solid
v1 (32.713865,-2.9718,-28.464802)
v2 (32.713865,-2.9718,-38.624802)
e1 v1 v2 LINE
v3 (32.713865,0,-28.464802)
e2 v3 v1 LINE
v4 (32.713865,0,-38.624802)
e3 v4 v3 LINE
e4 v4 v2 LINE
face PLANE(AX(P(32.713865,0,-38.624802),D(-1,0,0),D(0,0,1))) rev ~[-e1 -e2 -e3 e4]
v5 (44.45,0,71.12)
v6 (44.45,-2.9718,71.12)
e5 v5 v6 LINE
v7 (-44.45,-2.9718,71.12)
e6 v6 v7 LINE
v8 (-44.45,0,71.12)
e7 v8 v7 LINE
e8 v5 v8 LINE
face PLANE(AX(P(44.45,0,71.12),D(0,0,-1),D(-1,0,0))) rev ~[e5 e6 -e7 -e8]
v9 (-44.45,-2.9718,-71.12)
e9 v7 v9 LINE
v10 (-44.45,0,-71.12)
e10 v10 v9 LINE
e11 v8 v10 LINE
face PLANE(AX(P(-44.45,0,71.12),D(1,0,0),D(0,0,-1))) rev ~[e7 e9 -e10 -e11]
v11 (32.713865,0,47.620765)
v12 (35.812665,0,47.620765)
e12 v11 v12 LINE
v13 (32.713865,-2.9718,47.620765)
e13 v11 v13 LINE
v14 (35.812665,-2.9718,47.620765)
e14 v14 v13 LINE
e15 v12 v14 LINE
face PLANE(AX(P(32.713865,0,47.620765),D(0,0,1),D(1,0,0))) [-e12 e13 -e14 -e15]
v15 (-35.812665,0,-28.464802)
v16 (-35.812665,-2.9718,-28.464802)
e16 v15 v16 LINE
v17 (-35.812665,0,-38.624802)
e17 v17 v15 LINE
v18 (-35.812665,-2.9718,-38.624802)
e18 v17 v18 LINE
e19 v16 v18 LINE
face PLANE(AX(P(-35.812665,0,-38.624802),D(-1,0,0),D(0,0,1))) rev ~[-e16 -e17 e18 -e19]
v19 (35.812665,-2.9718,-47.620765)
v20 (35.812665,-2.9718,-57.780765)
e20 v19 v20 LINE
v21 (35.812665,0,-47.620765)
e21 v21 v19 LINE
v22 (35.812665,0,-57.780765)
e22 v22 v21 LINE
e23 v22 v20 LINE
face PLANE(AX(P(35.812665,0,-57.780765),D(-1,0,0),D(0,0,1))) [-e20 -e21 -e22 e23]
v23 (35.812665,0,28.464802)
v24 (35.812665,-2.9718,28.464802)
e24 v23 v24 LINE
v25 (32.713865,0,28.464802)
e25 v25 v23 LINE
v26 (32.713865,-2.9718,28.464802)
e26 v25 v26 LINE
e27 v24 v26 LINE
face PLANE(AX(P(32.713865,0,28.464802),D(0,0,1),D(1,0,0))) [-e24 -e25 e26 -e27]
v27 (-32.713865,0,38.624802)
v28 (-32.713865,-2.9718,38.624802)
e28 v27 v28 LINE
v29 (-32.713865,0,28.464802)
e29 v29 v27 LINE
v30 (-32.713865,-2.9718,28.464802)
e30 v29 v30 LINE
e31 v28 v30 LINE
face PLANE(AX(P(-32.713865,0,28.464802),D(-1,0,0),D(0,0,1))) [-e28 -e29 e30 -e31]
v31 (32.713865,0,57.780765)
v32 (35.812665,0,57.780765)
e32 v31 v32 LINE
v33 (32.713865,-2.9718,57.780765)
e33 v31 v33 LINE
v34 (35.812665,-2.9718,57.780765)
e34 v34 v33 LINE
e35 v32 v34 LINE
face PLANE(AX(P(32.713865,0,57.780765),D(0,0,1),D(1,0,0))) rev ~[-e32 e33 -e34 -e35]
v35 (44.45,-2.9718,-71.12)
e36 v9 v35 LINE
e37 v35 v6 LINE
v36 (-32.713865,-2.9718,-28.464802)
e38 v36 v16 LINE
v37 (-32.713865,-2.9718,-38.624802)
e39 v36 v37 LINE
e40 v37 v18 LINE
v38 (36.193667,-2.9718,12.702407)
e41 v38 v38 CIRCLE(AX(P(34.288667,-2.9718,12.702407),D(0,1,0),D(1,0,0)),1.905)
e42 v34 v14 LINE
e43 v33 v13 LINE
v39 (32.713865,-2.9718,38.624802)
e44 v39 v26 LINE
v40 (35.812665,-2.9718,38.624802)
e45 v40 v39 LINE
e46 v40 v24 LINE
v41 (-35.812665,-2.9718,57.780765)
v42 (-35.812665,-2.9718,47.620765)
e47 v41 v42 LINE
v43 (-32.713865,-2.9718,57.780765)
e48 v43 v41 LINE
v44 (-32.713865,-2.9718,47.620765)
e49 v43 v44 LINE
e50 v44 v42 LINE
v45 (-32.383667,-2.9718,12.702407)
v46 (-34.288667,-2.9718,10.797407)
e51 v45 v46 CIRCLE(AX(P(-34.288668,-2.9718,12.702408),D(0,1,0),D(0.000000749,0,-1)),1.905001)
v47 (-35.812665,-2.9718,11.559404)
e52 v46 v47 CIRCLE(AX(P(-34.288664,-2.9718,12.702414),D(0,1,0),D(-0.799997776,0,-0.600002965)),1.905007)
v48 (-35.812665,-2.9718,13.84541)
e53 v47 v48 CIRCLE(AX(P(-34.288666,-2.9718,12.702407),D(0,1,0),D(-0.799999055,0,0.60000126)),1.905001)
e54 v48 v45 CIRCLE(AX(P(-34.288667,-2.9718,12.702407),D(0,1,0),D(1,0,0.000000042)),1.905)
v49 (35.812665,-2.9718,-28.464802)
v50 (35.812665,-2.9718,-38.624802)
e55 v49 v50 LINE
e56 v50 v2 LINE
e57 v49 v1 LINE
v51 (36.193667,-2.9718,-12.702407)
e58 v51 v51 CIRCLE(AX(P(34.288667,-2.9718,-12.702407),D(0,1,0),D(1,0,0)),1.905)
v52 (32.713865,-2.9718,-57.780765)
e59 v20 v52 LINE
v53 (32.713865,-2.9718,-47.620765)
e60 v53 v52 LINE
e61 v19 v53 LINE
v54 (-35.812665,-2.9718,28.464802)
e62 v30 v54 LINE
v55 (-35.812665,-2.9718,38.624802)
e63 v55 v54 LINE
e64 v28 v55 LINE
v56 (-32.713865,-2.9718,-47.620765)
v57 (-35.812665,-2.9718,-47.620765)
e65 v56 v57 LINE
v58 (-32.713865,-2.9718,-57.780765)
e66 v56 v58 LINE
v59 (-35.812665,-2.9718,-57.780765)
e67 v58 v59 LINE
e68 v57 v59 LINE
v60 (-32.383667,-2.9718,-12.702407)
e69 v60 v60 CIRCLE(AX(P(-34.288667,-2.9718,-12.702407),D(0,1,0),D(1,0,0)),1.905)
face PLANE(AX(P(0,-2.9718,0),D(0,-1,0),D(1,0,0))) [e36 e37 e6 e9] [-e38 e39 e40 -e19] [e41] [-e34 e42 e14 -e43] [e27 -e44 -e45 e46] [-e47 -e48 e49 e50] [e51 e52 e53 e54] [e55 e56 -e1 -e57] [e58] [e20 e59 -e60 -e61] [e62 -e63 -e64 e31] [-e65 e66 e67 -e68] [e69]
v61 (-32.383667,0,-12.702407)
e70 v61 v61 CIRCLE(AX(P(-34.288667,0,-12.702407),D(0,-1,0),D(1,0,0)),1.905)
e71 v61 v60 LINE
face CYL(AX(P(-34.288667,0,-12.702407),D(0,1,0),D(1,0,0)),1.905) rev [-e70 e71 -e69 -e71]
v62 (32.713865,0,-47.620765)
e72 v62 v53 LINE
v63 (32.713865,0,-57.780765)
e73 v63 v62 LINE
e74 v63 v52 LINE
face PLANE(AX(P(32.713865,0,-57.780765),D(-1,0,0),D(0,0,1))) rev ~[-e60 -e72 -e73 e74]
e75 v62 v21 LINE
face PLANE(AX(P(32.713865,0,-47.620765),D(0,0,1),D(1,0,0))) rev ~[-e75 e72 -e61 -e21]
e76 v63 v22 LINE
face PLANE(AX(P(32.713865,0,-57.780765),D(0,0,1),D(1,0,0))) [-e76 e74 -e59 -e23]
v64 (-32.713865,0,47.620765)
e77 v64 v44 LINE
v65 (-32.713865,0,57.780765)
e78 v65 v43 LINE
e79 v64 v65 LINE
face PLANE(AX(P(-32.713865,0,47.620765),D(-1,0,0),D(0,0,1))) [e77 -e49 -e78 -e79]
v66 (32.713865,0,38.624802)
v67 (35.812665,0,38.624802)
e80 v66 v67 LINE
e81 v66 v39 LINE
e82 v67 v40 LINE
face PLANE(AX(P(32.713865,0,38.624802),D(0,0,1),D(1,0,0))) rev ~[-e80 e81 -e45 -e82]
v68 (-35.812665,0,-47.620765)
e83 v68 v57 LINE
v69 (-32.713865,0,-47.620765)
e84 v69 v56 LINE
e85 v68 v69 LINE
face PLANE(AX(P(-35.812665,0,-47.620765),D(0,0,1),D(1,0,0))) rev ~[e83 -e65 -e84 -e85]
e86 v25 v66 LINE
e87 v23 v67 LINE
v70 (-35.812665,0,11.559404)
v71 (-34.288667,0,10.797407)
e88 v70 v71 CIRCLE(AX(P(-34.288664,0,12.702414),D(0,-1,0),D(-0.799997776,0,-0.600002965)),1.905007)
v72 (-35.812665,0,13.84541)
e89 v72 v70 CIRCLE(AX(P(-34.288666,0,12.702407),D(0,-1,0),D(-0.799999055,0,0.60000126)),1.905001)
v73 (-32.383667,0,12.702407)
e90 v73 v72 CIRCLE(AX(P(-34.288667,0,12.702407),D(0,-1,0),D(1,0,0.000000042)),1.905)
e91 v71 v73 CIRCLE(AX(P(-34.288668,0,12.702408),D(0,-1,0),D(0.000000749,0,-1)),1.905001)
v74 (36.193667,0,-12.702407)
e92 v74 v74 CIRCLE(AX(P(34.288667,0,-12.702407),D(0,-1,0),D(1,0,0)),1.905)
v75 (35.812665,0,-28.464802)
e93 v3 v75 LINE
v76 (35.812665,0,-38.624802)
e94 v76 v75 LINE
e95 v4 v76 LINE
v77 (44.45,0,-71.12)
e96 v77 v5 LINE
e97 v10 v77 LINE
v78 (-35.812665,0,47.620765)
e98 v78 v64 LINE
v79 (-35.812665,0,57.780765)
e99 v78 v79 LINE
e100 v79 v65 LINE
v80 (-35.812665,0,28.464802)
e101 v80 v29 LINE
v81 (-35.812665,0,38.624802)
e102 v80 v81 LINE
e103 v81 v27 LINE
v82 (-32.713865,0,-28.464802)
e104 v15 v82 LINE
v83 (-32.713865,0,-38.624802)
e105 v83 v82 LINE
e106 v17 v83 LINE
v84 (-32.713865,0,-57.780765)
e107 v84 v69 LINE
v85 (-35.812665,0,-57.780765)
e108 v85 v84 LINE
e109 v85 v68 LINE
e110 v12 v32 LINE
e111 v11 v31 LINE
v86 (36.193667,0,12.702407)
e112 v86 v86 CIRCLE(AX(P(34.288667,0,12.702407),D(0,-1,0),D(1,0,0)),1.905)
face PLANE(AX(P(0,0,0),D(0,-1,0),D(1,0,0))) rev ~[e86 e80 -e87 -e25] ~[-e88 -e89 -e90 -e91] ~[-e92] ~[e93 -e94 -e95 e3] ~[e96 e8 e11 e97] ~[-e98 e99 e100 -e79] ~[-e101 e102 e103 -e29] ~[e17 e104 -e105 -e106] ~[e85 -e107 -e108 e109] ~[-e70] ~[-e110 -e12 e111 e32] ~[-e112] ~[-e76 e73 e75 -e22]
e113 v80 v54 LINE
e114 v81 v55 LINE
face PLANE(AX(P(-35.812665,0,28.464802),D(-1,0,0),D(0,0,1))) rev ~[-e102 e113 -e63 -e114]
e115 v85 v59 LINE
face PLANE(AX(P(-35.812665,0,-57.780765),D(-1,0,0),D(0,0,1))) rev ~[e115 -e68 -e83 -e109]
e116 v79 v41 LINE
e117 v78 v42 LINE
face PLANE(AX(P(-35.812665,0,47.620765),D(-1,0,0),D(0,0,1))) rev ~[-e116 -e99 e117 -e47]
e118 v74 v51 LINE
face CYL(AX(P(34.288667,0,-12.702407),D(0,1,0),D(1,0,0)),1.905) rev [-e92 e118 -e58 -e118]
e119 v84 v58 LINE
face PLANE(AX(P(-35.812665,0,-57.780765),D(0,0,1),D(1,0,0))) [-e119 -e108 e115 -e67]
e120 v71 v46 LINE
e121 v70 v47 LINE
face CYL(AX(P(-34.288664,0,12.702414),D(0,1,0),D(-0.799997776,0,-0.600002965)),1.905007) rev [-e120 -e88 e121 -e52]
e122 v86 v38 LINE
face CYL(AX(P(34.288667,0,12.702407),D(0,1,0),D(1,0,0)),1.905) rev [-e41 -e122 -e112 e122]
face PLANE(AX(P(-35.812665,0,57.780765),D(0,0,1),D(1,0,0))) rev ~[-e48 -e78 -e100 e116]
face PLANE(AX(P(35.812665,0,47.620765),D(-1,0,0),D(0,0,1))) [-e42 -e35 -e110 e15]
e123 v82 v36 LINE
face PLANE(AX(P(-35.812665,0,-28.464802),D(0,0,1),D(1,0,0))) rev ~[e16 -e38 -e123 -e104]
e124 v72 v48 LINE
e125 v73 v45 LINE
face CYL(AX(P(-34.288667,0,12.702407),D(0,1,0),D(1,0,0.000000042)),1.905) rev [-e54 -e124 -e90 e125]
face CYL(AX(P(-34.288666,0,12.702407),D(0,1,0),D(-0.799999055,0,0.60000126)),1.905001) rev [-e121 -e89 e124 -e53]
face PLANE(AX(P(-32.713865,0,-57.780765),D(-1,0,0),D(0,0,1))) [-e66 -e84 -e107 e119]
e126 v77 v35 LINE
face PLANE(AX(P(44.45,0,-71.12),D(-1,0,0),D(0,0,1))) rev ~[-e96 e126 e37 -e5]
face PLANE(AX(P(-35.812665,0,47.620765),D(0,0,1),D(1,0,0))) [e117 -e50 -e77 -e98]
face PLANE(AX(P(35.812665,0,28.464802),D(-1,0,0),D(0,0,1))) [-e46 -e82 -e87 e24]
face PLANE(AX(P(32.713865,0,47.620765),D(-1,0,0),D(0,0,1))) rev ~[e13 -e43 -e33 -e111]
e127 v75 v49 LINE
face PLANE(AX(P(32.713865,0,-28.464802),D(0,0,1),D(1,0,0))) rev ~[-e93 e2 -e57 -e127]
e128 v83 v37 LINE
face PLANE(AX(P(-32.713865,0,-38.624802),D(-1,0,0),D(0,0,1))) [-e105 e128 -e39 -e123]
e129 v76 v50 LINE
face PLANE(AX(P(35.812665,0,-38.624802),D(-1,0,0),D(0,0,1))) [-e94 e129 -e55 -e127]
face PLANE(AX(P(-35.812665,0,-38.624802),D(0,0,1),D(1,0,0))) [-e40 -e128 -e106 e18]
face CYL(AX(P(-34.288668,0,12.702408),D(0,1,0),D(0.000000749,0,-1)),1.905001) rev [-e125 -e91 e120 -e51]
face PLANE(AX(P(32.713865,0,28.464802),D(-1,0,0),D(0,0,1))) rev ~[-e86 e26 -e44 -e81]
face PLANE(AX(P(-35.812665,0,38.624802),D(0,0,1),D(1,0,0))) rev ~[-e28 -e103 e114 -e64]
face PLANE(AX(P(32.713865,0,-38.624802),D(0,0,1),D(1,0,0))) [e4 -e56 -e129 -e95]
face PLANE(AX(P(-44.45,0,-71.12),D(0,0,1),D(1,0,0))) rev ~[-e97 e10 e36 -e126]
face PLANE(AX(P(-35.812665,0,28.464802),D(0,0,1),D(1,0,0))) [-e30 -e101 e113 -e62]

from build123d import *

# Parameters (mm, degrees)
F2_DEPTH = 2.9718
F1_W     = 3.0988
F1_H     = 10.16
F1_R     = 1.905
F3_DEPTH = 29.718


with BuildPart() as f2:
    # F0 (on Front) → F2 (new body)
    with BuildSketch(Plane.XZ):
        Polygon((44.45, 71.12), (-44.45, 71.12), (-44.45, 0), (-44.45, -71.12), (44.45, -71.12), (44.45, 0), align=None)
    extrude(amount=F2_DEPTH)

    # F1 (on Front) → F3 (cut)
    with BuildSketch(Plane.XZ):
        with BuildLine():
            ThreePointArc((-34.288667, 10.797407), (-32.941629, 11.355369), (-32.383667, 12.702407))
            ThreePointArc((-32.383667, 12.702407), (-33.686251, 14.509648), (-35.812665, 13.84541))
            Line((-35.812665, 13.84541), (-35.812665, 11.559404))
            ThreePointArc((-35.812665, 11.559404), (-35.140607, 10.998523), (-34.288667, 10.797407))
        make_face()
        with Locations((-34.263265, 52.700765)):
            Rectangle(F1_W, F1_H)
        with Locations((-34.263265, 33.544802)):
            Rectangle(F1_W, F1_H)
        with BuildLine():
            Line((-35.812665, 11.559404), (-35.812665, 13.84541))
            ThreePointArc((-35.812665, 13.84541), (-36.193667, 12.702407), (-35.812665, 11.559404))
        make_face()
        with Locations((-34.288667, -12.702407)):
            Circle(F1_R)
        with Locations((34.288667, 12.702407)):
            Circle(F1_R)
        with Locations((34.288667, -12.702407)):
            Circle(F1_R)
        with Locations((-34.263265, -33.544802)):
            Rectangle(F1_W, F1_H)
        with Locations((-34.263265, -52.700765)):
            Rectangle(F1_W, F1_H)
        with Locations((34.263265, 52.700765)):
            Rectangle(F1_W, F1_H)
        with Locations((34.263265, 33.544802)):
            Rectangle(F1_W, F1_H)
        with Locations((34.263265, -33.544802)):
            Rectangle(F1_W, F1_H)
        with Locations((34.263265, -52.700765)):
            Rectangle(F1_W, F1_H)
    extrude(amount=F3_DEPTH, mode=Mode.SUBTRACT)


solid = f2.part
